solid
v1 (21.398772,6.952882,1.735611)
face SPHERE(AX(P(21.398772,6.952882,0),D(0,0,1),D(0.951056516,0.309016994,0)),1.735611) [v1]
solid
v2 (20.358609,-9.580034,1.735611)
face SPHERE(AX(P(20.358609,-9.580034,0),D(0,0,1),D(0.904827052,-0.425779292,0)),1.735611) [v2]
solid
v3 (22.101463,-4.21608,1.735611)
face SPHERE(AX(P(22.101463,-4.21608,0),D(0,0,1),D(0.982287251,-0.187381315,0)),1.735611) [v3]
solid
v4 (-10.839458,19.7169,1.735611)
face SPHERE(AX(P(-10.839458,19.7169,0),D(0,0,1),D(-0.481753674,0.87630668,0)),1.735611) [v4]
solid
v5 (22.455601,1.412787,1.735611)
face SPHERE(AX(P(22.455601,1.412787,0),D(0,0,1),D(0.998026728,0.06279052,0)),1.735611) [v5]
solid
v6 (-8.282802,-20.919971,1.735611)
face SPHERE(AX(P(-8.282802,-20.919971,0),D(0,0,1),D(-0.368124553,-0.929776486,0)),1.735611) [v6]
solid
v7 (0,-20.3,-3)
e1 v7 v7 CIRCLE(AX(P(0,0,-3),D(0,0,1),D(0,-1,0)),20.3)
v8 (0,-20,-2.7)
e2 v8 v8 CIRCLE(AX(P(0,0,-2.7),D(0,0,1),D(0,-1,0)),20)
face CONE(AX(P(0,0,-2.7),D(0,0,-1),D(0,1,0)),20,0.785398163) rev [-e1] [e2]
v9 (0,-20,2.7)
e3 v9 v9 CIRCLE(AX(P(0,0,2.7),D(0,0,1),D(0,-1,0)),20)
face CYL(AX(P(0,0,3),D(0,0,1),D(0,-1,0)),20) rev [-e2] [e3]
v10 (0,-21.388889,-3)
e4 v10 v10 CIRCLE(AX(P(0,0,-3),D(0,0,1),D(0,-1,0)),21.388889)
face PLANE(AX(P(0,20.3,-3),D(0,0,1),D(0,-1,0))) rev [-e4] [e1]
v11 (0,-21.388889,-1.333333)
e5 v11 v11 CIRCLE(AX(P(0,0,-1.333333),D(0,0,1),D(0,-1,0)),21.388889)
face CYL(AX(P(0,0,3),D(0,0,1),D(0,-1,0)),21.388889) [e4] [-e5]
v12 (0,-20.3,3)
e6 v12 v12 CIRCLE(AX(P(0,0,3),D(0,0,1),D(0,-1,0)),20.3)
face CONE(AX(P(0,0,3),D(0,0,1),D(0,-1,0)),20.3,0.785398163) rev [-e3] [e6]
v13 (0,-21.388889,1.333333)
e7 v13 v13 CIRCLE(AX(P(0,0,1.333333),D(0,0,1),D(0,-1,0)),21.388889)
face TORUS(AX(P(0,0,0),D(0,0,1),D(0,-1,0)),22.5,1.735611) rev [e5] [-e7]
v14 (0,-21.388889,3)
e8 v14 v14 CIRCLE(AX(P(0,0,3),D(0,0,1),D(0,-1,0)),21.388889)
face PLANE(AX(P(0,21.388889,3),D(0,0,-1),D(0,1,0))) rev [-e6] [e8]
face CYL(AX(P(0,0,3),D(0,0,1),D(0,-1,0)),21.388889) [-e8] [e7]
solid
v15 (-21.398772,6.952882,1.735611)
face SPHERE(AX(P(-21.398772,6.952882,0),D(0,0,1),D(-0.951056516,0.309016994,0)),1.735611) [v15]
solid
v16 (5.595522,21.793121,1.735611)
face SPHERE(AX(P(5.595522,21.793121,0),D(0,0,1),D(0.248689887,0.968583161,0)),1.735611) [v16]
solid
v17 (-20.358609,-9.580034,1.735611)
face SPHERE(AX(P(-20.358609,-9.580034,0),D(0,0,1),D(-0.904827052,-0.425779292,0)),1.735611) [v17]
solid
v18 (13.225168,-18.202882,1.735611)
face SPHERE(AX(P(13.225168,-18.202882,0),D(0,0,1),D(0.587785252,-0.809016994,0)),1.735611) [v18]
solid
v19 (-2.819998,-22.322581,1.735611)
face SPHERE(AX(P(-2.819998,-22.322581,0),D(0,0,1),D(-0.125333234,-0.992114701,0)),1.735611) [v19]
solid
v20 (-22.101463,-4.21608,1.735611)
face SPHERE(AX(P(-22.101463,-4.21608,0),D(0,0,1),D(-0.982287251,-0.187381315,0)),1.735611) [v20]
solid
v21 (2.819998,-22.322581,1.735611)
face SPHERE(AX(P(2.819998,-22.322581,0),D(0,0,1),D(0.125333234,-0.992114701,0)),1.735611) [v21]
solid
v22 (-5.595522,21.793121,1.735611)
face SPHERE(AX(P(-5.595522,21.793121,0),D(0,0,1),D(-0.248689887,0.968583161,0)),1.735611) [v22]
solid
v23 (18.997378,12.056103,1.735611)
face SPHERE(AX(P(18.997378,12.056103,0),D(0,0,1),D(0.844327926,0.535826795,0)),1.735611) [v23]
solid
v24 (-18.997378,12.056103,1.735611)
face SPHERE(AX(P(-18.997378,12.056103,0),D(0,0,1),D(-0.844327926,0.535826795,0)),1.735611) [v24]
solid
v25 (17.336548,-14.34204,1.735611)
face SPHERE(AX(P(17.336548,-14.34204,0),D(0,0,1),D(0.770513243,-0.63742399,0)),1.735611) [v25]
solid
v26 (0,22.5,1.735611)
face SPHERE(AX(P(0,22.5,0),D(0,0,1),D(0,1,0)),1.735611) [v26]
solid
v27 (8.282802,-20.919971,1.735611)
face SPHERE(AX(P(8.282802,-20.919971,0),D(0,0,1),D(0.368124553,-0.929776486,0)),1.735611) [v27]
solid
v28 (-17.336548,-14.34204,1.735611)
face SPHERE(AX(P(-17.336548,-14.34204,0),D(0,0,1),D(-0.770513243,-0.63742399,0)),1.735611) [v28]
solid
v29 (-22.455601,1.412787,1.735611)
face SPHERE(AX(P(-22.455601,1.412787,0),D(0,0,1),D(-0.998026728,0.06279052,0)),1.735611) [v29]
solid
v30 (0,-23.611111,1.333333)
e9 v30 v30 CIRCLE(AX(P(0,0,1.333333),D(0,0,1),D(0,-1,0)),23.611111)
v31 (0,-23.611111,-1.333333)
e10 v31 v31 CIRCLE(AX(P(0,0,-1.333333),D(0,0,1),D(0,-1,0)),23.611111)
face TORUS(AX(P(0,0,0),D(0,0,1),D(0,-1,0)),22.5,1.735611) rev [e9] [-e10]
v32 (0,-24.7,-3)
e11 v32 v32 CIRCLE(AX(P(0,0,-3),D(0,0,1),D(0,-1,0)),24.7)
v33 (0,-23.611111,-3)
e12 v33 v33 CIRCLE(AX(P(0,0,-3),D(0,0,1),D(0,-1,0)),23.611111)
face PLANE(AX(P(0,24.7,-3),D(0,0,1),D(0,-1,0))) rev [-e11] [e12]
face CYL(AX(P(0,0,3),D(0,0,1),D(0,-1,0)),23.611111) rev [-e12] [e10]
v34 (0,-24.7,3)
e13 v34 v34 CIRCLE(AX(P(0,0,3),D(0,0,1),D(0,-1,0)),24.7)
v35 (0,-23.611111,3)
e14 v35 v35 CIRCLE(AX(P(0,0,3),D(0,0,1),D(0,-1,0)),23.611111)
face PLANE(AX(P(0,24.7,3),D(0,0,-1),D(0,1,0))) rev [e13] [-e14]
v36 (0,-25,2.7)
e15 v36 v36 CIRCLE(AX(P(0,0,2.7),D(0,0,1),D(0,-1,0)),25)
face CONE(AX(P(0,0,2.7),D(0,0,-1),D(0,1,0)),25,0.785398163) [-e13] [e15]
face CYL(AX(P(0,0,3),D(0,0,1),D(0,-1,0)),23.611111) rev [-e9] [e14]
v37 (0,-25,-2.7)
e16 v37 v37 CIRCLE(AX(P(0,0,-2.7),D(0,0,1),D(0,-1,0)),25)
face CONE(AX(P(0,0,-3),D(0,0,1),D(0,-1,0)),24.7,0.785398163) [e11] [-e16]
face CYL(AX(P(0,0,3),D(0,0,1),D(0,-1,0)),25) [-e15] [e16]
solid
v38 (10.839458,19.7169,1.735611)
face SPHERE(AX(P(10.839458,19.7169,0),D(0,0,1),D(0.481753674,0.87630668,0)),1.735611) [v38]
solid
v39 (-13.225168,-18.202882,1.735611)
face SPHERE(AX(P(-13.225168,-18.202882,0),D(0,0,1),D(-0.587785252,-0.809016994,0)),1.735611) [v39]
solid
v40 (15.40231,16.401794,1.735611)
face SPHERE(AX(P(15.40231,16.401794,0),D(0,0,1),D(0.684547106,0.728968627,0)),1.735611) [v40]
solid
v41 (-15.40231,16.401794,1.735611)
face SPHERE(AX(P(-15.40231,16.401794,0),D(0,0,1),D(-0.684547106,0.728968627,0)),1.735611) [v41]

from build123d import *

# Parameters (mm, degrees)
CIRPATTERN1_COUNT = 25


with BuildPart() as part:
    # Sketch6 → Revolve5 (revolve)
    with BuildSketch(Plane(origin=(0, 0, 0), x_dir=(0, 0, -1), z_dir=(1, 0, 0)), mode=Mode.PRIVATE) as revolve5_sk:
        with BuildLine():
            Line((2.7, 25), (3, 24.7))
            Line((3, 24.7), (3, 23.611111111))
            Line((3, 23.611111111), (1.333333333, 23.611111111))
            ThreePointArc((1.333333333, 23.611111111), (0, 24.235611039), (-1.333333333, 23.611111111))
            Line((-1.333333333, 23.611111111), (-3, 23.611111111))
            Line((-3, 23.611111111), (-3, 24.7))
            Line((-3, 24.7), (-2.7, 25))
            Line((-2.7, 25), (2.7, 25))
        make_face()
    revolve(revolve5_sk.sketch.rotate(Axis((0, 0, 3), (0, 0, -1)), 180), axis=Axis((0, 0, 3), (0, 0, -1)))


with BuildPart() as body_2:
    # Sketch3 → Revolve3 (revolve)
    with BuildSketch(Plane(origin=(0, 0, 0), x_dir=(0, 0, -1), z_dir=(1, 0, 0)), mode=Mode.PRIVATE) as revolve3_sk:
        with BuildLine():
            Line((-3, 21.388888889), (-1.333333333, 21.388888889))
            ThreePointArc((-1.333333333, 21.388888889), (0, 20.764388961), (1.333333333, 21.388888889))
            Line((1.333333333, 21.388888889), (3, 21.388888889))
            Line((3, 21.388888889), (3, 20.3))
            Line((3, 20.3), (2.7, 20))
            Line((2.7, 20), (-2.7, 20))
            Line((-2.7, 20), (-3, 20.3))
            Line((-3, 20.3), (-3, 21.388888889))
        make_face()
    revolve(revolve3_sk.sketch.rotate(Axis((0, 0, 3), (0, 0, -1)), 180), axis=Axis((0, 0, 3), (0, 0, -1)))


with BuildPart() as body_3:
    # Sketch4 → Revolve4 (revolve)
    with BuildSketch(Plane(origin=(0, 0, 0), x_dir=(0, 0, -1), z_dir=(1, 0, 0))):
        with BuildLine():
            Line((-1.735611039, 22.5), (1.735611039, 22.5))
            ThreePointArc((1.735611039, 22.5), (0, 24.235611039), (-1.735611039, 22.5))
        make_face()
    revolve(axis=Axis((0, 22.5, 1.735611039), (0, 0, -1)))


with BuildPart() as cirpattern1_1:
    # CirPattern1: pattern copy
    add(body_3.part.rotate(Axis((0, 0, 0), (0, 0, 1)), 1 * 360 / CIRPATTERN1_COUNT))


with BuildPart() as cirpattern1_2:
    # CirPattern1: pattern copy
    add(body_3.part.rotate(Axis((0, 0, 0), (0, 0, 1)), 2 * 360 / CIRPATTERN1_COUNT))


with BuildPart() as cirpattern1_3:
    # CirPattern1: pattern copy
    add(body_3.part.rotate(Axis((0, 0, 0), (0, 0, 1)), 3 * 360 / CIRPATTERN1_COUNT))


with BuildPart() as cirpattern1_4:
    # CirPattern1: pattern copy
    add(body_3.part.rotate(Axis((0, 0, 0), (0, 0, 1)), 4 * 360 / CIRPATTERN1_COUNT))


with BuildPart() as cirpattern1_5:
    # CirPattern1: pattern copy
    add(body_3.part.rotate(Axis((0, 0, 0), (0, 0, 1)), 5 * 360 / CIRPATTERN1_COUNT))


with BuildPart() as cirpattern1_6:
    # CirPattern1: pattern copy
    add(body_3.part.rotate(Axis((0, 0, 0), (0, 0, 1)), 6 * 360 / CIRPATTERN1_COUNT))


with BuildPart() as cirpattern1_7:
    # CirPattern1: pattern copy
    add(body_3.part.rotate(Axis((0, 0, 0), (0, 0, 1)), 7 * 360 / CIRPATTERN1_COUNT))


with BuildPart() as cirpattern1_8:
    # CirPattern1: pattern copy
    add(body_3.part.rotate(Axis((0, 0, 0), (0, 0, 1)), 8 * 360 / CIRPATTERN1_COUNT))


with BuildPart() as cirpattern1_9:
    # CirPattern1: pattern copy
    add(body_3.part.rotate(Axis((0, 0, 0), (0, 0, 1)), 9 * 360 / CIRPATTERN1_COUNT))


with BuildPart() as cirpattern1_10:
    # CirPattern1: pattern copy
    add(body_3.part.rotate(Axis((0, 0, 0), (0, 0, 1)), 10 * 360 / CIRPATTERN1_COUNT))


with BuildPart() as cirpattern1_11:
    # CirPattern1: pattern copy
    add(body_3.part.rotate(Axis((0, 0, 0), (0, 0, 1)), 11 * 360 / CIRPATTERN1_COUNT))


with BuildPart() as cirpattern1_12:
    # CirPattern1: pattern copy
    add(body_3.part.rotate(Axis((0, 0, 0), (0, 0, 1)), 12 * 360 / CIRPATTERN1_COUNT))


with BuildPart() as cirpattern1_13:
    # CirPattern1: pattern copy
    add(body_3.part.rotate(Axis((0, 0, 0), (0, 0, 1)), 13 * 360 / CIRPATTERN1_COUNT))


with BuildPart() as cirpattern1_14:
    # CirPattern1: pattern copy
    add(body_3.part.rotate(Axis((0, 0, 0), (0, 0, 1)), 14 * 360 / CIRPATTERN1_COUNT))


with BuildPart() as cirpattern1_15:
    # CirPattern1: pattern copy
    add(body_3.part.rotate(Axis((0, 0, 0), (0, 0, 1)), 15 * 360 / CIRPATTERN1_COUNT))


with BuildPart() as cirpattern1_16:
    # CirPattern1: pattern copy
    add(body_3.part.rotate(Axis((0, 0, 0), (0, 0, 1)), 16 * 360 / CIRPATTERN1_COUNT))


with BuildPart() as cirpattern1_17:
    # CirPattern1: pattern copy
    add(body_3.part.rotate(Axis((0, 0, 0), (0, 0, 1)), 17 * 360 / CIRPATTERN1_COUNT))


with BuildPart() as cirpattern1_18:
    # CirPattern1: pattern copy
    add(body_3.part.rotate(Axis((0, 0, 0), (0, 0, 1)), 18 * 360 / CIRPATTERN1_COUNT))


with BuildPart() as cirpattern1_19:
    # CirPattern1: pattern copy
    add(body_3.part.rotate(Axis((0, 0, 0), (0, 0, 1)), 19 * 360 / CIRPATTERN1_COUNT))


with BuildPart() as cirpattern1_20:
    # CirPattern1: pattern copy
    add(body_3.part.rotate(Axis((0, 0, 0), (0, 0, 1)), 20 * 360 / CIRPATTERN1_COUNT))


with BuildPart() as cirpattern1_21:
    # CirPattern1: pattern copy
    add(body_3.part.rotate(Axis((0, 0, 0), (0, 0, 1)), 21 * 360 / CIRPATTERN1_COUNT))


with BuildPart() as cirpattern1_22:
    # CirPattern1: pattern copy
    add(body_3.part.rotate(Axis((0, 0, 0), (0, 0, 1)), 22 * 360 / CIRPATTERN1_COUNT))


with BuildPart() as cirpattern1_23:
    # CirPattern1: pattern copy
    add(body_3.part.rotate(Axis((0, 0, 0), (0, 0, 1)), 23 * 360 / CIRPATTERN1_COUNT))


with BuildPart() as cirpattern1_24:
    # CirPattern1: pattern copy
    add(body_3.part.rotate(Axis((0, 0, 0), (0, 0, 1)), 24 * 360 / CIRPATTERN1_COUNT))


solid = Compound([part.part, body_2.part, body_3.part, cirpattern1_1.part, cirpattern1_2.part, cirpattern1_3.part, cirpattern1_4.part, cirpattern1_5.part, cirpattern1_6.part, cirpattern1_7.part, cirpattern1_8.part, cirpattern1_9.part, cirpattern1_10.part, cirpattern1_11.part, cirpattern1_12.part, cirpattern1_13.part, cirpattern1_14.part, cirpattern1_15.part, cirpattern1_16.part, cirpattern1_17.part, cirpattern1_18.part, cirpattern1_19.part, cirpattern1_20.part, cirpattern1_21.part, cirpattern1_22.part, cirpattern1_23.part, cirpattern1_24.part])
